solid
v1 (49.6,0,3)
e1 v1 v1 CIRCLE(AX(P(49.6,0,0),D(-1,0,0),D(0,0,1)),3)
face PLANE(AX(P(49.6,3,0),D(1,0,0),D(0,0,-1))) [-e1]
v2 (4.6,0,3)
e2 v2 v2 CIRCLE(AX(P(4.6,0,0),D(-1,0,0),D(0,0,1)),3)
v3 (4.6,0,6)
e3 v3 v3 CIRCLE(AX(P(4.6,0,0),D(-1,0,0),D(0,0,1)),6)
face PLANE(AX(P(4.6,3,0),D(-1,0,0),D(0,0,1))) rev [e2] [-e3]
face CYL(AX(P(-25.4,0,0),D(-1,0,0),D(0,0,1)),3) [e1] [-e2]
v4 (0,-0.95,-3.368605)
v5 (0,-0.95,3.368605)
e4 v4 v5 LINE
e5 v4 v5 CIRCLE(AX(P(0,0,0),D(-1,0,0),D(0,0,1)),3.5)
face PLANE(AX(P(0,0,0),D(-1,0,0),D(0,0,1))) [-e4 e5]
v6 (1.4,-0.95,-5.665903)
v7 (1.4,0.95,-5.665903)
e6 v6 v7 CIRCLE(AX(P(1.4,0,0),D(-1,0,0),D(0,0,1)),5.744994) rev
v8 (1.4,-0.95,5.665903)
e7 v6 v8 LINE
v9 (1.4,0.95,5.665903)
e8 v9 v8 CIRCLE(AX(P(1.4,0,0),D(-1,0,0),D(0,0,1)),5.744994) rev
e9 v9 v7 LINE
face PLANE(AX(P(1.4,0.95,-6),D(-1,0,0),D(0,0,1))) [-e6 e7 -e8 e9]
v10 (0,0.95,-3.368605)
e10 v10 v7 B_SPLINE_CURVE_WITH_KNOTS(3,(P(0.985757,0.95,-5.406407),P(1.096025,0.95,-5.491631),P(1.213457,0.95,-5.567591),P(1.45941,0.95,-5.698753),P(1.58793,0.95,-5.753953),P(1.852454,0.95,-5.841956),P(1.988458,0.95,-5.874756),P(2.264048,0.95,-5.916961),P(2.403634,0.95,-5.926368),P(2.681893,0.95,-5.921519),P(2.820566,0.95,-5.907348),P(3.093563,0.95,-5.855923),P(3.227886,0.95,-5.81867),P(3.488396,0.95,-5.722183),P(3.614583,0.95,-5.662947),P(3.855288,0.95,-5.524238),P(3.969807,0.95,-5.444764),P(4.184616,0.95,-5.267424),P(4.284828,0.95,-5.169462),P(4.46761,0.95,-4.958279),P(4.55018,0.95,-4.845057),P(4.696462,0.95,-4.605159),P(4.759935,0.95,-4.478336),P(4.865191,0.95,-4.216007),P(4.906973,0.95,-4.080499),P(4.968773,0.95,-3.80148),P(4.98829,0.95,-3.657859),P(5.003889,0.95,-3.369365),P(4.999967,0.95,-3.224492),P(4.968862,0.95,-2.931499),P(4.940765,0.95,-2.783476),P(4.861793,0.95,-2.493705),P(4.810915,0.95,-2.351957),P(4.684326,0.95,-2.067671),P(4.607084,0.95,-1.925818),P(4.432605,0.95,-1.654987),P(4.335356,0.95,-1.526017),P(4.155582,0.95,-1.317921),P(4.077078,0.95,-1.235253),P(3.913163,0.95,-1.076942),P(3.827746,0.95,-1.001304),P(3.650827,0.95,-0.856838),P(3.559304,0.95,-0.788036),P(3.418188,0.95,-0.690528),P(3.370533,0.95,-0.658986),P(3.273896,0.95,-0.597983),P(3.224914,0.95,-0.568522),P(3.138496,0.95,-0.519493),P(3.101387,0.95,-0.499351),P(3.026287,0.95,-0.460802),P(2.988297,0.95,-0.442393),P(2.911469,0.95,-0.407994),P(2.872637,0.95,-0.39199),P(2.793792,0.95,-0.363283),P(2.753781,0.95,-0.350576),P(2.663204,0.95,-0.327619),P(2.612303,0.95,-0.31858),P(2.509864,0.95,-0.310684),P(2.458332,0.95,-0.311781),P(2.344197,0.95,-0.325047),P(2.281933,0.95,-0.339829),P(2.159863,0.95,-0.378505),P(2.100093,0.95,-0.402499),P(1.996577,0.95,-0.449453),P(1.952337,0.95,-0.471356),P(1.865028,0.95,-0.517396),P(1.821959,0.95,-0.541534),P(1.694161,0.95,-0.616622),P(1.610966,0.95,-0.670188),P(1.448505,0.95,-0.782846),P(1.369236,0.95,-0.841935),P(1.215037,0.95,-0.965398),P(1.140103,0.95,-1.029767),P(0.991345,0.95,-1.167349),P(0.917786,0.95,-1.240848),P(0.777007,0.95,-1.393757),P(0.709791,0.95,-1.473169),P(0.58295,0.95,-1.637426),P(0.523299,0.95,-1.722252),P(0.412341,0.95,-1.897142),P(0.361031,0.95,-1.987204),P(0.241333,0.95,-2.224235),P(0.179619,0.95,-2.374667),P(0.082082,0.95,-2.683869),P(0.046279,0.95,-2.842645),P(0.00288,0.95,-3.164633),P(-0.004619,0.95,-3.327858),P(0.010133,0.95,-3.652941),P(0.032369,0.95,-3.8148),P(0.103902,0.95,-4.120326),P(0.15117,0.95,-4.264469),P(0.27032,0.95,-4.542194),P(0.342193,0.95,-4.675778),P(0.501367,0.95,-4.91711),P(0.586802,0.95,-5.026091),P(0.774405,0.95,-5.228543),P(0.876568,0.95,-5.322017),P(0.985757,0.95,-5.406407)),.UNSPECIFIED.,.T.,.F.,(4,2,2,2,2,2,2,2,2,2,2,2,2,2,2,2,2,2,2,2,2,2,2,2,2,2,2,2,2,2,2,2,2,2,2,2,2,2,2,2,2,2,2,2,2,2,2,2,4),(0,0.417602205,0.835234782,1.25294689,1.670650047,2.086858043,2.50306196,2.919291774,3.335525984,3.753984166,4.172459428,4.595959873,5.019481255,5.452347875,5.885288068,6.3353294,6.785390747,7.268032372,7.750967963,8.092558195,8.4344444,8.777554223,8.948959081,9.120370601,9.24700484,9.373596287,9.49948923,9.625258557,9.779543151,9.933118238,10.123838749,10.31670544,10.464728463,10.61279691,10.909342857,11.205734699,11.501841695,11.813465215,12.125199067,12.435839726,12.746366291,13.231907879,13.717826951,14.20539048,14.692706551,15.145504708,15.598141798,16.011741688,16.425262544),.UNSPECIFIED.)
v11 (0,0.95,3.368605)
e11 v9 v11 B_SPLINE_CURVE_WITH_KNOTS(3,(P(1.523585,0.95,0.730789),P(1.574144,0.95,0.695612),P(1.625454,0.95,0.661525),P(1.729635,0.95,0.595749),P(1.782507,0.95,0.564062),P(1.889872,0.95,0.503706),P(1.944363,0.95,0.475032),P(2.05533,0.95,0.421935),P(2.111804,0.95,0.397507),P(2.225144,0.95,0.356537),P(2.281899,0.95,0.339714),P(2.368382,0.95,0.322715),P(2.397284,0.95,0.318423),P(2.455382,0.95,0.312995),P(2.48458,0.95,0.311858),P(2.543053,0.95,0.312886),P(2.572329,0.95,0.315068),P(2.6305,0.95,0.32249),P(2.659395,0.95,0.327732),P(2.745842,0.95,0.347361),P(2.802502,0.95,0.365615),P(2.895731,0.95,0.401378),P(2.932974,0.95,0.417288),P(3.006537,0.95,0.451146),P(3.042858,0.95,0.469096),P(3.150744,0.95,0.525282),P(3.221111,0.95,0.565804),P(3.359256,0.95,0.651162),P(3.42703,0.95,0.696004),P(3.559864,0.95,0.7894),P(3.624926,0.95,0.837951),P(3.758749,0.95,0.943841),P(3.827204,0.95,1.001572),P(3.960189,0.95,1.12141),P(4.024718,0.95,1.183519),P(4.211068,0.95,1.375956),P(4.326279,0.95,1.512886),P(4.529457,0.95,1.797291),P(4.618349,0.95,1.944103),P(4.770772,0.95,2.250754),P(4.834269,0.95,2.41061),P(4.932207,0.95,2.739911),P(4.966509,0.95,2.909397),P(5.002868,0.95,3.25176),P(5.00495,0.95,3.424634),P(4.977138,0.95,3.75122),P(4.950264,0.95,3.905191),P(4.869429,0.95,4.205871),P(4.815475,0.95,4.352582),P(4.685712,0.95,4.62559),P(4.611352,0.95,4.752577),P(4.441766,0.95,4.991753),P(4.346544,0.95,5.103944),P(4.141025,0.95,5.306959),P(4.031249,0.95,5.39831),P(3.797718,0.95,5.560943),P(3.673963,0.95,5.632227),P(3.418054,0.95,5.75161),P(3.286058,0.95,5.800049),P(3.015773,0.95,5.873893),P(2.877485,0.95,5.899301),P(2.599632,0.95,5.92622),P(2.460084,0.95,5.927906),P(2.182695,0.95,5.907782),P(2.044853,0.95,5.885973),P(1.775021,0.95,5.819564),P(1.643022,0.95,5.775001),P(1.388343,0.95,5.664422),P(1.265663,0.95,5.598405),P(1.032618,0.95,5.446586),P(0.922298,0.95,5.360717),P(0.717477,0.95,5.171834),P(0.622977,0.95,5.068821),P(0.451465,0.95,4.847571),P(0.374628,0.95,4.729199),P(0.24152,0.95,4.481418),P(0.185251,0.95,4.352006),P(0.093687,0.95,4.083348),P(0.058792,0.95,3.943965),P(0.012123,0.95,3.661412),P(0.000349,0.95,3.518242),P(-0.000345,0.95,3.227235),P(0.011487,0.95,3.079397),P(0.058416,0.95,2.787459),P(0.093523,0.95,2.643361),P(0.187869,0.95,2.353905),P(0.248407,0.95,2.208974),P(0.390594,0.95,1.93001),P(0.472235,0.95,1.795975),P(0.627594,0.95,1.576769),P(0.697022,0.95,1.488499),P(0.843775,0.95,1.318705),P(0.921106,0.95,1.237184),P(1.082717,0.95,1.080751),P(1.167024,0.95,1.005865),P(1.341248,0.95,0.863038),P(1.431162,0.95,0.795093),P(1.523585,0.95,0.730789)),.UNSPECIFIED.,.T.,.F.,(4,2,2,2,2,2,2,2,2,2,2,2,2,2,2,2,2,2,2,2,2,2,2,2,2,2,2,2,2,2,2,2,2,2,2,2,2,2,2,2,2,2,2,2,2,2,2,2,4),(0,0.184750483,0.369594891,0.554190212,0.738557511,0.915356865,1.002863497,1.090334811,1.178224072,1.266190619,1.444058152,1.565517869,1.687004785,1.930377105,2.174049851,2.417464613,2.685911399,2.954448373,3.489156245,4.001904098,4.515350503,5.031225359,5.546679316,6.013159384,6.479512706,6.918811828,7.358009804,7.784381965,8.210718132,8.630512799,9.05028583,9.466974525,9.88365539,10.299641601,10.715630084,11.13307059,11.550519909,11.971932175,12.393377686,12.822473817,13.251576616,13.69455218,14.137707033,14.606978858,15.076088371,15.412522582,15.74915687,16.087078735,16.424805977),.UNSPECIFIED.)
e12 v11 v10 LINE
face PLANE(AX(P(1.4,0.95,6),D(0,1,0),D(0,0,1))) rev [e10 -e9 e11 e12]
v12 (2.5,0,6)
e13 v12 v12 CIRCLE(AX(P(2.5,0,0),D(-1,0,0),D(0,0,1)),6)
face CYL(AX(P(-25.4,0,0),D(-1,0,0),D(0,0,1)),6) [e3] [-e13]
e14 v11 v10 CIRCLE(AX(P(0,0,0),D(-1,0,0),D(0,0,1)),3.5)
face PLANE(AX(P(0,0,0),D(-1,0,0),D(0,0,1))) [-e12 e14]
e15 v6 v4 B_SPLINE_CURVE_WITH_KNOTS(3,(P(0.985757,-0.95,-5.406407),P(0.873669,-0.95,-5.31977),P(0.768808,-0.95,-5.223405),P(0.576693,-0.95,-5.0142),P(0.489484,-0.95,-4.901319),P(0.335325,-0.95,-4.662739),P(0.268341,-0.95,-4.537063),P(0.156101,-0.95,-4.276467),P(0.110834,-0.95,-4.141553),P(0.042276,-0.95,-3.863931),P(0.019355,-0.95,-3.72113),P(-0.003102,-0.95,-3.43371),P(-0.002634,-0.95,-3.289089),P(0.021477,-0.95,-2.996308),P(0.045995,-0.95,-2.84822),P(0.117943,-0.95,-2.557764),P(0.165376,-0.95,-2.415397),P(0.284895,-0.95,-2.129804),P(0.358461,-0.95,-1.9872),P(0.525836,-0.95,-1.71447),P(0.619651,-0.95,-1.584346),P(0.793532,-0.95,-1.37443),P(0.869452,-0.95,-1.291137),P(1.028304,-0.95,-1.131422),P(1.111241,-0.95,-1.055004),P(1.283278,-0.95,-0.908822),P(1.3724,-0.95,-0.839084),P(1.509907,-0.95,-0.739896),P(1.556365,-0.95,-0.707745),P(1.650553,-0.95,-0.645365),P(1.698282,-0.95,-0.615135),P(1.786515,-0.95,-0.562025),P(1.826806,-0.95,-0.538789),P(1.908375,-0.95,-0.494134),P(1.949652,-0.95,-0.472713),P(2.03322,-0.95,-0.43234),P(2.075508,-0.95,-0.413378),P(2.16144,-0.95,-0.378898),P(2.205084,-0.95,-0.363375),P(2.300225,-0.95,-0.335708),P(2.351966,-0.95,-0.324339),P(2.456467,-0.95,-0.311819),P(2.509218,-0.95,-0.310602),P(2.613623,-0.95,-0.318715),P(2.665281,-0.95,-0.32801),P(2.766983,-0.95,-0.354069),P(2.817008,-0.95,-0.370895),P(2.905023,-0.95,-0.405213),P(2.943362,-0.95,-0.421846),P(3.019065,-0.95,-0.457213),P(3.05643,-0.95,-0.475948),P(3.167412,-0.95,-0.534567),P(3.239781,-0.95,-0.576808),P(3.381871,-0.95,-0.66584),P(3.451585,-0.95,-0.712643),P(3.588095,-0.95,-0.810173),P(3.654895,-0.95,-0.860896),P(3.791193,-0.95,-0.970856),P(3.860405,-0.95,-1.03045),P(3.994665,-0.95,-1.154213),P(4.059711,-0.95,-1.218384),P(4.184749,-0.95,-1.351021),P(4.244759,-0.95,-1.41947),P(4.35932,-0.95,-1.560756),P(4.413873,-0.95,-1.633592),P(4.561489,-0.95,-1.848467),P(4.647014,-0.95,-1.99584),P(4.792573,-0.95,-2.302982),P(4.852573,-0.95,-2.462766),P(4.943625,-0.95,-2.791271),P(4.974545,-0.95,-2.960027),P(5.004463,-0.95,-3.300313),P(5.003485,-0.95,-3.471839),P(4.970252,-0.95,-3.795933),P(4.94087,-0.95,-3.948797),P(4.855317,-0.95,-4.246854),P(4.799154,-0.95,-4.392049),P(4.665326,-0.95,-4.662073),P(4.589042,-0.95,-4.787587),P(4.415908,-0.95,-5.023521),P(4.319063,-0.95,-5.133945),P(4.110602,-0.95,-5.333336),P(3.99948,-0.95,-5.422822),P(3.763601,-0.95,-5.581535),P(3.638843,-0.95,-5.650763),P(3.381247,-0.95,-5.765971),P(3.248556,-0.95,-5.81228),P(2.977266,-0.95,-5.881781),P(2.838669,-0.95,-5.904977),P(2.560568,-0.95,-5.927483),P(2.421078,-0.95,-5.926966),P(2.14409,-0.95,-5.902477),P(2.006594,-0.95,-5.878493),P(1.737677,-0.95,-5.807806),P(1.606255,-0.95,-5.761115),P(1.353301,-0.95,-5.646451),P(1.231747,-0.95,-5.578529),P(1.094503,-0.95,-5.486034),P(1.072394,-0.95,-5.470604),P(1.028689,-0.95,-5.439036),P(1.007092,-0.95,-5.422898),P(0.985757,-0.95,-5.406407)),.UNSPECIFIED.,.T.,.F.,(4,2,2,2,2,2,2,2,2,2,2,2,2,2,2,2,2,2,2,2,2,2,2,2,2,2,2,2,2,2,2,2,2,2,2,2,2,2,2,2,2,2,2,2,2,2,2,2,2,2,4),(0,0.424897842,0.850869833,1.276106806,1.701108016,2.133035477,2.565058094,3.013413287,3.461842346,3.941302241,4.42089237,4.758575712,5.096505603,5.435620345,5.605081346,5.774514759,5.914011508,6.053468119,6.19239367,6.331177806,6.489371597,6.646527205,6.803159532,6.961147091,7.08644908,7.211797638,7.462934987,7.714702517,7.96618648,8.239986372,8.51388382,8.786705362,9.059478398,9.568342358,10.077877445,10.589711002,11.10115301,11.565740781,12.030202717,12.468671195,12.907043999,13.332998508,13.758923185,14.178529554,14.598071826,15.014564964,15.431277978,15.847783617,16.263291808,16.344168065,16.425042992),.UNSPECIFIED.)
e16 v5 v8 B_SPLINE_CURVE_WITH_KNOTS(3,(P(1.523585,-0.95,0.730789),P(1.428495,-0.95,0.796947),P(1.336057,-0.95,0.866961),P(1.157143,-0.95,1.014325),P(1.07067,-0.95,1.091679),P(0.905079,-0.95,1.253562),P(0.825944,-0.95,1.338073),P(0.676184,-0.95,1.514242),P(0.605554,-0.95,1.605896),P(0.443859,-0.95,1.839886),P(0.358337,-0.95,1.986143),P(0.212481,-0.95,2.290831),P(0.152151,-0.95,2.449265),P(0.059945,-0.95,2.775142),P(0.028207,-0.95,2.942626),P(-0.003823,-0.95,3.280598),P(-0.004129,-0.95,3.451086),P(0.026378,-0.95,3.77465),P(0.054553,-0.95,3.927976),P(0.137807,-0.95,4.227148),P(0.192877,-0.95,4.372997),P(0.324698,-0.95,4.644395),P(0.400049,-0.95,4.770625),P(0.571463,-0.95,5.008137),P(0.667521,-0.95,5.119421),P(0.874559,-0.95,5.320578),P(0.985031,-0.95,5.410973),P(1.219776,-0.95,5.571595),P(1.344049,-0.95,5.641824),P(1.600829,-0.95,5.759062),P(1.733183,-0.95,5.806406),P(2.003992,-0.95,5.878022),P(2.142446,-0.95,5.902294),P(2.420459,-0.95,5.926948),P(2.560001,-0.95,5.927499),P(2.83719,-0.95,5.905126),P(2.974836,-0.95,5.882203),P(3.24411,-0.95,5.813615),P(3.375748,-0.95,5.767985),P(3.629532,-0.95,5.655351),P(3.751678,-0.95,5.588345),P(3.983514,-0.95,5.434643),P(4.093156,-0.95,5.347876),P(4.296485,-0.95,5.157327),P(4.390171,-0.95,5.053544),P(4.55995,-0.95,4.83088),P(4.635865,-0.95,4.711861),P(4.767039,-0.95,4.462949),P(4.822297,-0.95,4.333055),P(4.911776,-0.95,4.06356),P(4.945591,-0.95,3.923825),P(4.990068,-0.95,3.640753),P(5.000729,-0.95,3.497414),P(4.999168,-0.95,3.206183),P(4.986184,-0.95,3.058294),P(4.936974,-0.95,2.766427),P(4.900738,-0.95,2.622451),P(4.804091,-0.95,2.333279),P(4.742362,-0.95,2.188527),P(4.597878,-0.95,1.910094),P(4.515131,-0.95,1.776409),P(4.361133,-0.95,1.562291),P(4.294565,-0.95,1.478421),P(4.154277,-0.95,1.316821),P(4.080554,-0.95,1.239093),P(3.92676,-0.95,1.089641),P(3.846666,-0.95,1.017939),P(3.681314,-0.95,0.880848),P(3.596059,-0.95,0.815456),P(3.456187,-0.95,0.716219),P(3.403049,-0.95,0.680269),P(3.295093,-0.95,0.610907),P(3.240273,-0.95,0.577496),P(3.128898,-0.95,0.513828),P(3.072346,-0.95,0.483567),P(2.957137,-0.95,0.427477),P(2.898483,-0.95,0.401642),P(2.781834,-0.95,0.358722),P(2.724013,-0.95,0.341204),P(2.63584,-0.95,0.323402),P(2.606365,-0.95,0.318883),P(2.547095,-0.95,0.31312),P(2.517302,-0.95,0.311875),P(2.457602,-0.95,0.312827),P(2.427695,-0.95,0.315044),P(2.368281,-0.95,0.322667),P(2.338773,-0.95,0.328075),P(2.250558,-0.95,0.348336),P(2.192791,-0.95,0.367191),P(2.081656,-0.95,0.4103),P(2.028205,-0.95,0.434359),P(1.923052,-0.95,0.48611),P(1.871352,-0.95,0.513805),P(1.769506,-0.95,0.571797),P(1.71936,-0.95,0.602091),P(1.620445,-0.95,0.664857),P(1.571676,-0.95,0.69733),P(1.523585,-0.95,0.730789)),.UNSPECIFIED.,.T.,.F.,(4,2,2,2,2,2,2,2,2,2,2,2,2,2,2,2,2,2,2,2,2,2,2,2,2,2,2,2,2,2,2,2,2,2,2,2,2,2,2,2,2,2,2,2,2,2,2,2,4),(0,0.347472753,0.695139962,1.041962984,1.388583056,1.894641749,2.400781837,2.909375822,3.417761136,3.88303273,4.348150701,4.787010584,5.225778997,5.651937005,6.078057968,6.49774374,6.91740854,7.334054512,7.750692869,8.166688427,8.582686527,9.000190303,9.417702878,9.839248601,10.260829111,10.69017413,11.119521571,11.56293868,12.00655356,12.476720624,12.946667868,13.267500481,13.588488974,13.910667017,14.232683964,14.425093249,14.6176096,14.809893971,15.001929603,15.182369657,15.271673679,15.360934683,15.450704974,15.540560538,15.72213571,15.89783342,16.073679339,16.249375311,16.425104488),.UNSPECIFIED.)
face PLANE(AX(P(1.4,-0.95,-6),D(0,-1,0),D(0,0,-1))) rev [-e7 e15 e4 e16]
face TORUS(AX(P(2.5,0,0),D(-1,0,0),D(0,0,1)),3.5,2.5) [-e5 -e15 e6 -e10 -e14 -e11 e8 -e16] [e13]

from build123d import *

# Parameters (mm, degrees)
SKETCH2_W  = 12
SKETCH2_H  = 1.9
SLOT_DEPTH = 1.4


with BuildPart() as part:
    # BodySke → Base-Revolve (revolve)
    with BuildSketch(Plane.XY, mode=Mode.PRIVATE) as base_revolve_sk:
        with BuildLine():
            Line((4.6, 3), (4.6, 6))
            Line((4.6, 6), (2.5, 6))
            ThreePointArc((2.5, 6), (0.732233047, 5.267766953), (0, 3.5))
            Line((0, 3.5), (0, 0))
            Line((0, 0), (49.6, 0))
            Line((49.6, 0), (49.6, 3))
            Line((49.6, 3), (4.6, 3))
        make_face()
    revolve(base_revolve_sk.sketch.rotate(Axis((-25.4, 0, 0), (1, 0, 0)), 90), axis=Axis((-25.4, 0, 0), (1, 0, 0)))

    # Sketch2 → Slot (cut)
    with BuildSketch(Plane(origin=(0, 0, 0), x_dir=(0, 0, -1), z_dir=(1, 0, 0))):
        Rectangle(SKETCH2_W, SKETCH2_H)
    extrude(amount=SLOT_DEPTH, mode=Mode.SUBTRACT)


solid = part.part
